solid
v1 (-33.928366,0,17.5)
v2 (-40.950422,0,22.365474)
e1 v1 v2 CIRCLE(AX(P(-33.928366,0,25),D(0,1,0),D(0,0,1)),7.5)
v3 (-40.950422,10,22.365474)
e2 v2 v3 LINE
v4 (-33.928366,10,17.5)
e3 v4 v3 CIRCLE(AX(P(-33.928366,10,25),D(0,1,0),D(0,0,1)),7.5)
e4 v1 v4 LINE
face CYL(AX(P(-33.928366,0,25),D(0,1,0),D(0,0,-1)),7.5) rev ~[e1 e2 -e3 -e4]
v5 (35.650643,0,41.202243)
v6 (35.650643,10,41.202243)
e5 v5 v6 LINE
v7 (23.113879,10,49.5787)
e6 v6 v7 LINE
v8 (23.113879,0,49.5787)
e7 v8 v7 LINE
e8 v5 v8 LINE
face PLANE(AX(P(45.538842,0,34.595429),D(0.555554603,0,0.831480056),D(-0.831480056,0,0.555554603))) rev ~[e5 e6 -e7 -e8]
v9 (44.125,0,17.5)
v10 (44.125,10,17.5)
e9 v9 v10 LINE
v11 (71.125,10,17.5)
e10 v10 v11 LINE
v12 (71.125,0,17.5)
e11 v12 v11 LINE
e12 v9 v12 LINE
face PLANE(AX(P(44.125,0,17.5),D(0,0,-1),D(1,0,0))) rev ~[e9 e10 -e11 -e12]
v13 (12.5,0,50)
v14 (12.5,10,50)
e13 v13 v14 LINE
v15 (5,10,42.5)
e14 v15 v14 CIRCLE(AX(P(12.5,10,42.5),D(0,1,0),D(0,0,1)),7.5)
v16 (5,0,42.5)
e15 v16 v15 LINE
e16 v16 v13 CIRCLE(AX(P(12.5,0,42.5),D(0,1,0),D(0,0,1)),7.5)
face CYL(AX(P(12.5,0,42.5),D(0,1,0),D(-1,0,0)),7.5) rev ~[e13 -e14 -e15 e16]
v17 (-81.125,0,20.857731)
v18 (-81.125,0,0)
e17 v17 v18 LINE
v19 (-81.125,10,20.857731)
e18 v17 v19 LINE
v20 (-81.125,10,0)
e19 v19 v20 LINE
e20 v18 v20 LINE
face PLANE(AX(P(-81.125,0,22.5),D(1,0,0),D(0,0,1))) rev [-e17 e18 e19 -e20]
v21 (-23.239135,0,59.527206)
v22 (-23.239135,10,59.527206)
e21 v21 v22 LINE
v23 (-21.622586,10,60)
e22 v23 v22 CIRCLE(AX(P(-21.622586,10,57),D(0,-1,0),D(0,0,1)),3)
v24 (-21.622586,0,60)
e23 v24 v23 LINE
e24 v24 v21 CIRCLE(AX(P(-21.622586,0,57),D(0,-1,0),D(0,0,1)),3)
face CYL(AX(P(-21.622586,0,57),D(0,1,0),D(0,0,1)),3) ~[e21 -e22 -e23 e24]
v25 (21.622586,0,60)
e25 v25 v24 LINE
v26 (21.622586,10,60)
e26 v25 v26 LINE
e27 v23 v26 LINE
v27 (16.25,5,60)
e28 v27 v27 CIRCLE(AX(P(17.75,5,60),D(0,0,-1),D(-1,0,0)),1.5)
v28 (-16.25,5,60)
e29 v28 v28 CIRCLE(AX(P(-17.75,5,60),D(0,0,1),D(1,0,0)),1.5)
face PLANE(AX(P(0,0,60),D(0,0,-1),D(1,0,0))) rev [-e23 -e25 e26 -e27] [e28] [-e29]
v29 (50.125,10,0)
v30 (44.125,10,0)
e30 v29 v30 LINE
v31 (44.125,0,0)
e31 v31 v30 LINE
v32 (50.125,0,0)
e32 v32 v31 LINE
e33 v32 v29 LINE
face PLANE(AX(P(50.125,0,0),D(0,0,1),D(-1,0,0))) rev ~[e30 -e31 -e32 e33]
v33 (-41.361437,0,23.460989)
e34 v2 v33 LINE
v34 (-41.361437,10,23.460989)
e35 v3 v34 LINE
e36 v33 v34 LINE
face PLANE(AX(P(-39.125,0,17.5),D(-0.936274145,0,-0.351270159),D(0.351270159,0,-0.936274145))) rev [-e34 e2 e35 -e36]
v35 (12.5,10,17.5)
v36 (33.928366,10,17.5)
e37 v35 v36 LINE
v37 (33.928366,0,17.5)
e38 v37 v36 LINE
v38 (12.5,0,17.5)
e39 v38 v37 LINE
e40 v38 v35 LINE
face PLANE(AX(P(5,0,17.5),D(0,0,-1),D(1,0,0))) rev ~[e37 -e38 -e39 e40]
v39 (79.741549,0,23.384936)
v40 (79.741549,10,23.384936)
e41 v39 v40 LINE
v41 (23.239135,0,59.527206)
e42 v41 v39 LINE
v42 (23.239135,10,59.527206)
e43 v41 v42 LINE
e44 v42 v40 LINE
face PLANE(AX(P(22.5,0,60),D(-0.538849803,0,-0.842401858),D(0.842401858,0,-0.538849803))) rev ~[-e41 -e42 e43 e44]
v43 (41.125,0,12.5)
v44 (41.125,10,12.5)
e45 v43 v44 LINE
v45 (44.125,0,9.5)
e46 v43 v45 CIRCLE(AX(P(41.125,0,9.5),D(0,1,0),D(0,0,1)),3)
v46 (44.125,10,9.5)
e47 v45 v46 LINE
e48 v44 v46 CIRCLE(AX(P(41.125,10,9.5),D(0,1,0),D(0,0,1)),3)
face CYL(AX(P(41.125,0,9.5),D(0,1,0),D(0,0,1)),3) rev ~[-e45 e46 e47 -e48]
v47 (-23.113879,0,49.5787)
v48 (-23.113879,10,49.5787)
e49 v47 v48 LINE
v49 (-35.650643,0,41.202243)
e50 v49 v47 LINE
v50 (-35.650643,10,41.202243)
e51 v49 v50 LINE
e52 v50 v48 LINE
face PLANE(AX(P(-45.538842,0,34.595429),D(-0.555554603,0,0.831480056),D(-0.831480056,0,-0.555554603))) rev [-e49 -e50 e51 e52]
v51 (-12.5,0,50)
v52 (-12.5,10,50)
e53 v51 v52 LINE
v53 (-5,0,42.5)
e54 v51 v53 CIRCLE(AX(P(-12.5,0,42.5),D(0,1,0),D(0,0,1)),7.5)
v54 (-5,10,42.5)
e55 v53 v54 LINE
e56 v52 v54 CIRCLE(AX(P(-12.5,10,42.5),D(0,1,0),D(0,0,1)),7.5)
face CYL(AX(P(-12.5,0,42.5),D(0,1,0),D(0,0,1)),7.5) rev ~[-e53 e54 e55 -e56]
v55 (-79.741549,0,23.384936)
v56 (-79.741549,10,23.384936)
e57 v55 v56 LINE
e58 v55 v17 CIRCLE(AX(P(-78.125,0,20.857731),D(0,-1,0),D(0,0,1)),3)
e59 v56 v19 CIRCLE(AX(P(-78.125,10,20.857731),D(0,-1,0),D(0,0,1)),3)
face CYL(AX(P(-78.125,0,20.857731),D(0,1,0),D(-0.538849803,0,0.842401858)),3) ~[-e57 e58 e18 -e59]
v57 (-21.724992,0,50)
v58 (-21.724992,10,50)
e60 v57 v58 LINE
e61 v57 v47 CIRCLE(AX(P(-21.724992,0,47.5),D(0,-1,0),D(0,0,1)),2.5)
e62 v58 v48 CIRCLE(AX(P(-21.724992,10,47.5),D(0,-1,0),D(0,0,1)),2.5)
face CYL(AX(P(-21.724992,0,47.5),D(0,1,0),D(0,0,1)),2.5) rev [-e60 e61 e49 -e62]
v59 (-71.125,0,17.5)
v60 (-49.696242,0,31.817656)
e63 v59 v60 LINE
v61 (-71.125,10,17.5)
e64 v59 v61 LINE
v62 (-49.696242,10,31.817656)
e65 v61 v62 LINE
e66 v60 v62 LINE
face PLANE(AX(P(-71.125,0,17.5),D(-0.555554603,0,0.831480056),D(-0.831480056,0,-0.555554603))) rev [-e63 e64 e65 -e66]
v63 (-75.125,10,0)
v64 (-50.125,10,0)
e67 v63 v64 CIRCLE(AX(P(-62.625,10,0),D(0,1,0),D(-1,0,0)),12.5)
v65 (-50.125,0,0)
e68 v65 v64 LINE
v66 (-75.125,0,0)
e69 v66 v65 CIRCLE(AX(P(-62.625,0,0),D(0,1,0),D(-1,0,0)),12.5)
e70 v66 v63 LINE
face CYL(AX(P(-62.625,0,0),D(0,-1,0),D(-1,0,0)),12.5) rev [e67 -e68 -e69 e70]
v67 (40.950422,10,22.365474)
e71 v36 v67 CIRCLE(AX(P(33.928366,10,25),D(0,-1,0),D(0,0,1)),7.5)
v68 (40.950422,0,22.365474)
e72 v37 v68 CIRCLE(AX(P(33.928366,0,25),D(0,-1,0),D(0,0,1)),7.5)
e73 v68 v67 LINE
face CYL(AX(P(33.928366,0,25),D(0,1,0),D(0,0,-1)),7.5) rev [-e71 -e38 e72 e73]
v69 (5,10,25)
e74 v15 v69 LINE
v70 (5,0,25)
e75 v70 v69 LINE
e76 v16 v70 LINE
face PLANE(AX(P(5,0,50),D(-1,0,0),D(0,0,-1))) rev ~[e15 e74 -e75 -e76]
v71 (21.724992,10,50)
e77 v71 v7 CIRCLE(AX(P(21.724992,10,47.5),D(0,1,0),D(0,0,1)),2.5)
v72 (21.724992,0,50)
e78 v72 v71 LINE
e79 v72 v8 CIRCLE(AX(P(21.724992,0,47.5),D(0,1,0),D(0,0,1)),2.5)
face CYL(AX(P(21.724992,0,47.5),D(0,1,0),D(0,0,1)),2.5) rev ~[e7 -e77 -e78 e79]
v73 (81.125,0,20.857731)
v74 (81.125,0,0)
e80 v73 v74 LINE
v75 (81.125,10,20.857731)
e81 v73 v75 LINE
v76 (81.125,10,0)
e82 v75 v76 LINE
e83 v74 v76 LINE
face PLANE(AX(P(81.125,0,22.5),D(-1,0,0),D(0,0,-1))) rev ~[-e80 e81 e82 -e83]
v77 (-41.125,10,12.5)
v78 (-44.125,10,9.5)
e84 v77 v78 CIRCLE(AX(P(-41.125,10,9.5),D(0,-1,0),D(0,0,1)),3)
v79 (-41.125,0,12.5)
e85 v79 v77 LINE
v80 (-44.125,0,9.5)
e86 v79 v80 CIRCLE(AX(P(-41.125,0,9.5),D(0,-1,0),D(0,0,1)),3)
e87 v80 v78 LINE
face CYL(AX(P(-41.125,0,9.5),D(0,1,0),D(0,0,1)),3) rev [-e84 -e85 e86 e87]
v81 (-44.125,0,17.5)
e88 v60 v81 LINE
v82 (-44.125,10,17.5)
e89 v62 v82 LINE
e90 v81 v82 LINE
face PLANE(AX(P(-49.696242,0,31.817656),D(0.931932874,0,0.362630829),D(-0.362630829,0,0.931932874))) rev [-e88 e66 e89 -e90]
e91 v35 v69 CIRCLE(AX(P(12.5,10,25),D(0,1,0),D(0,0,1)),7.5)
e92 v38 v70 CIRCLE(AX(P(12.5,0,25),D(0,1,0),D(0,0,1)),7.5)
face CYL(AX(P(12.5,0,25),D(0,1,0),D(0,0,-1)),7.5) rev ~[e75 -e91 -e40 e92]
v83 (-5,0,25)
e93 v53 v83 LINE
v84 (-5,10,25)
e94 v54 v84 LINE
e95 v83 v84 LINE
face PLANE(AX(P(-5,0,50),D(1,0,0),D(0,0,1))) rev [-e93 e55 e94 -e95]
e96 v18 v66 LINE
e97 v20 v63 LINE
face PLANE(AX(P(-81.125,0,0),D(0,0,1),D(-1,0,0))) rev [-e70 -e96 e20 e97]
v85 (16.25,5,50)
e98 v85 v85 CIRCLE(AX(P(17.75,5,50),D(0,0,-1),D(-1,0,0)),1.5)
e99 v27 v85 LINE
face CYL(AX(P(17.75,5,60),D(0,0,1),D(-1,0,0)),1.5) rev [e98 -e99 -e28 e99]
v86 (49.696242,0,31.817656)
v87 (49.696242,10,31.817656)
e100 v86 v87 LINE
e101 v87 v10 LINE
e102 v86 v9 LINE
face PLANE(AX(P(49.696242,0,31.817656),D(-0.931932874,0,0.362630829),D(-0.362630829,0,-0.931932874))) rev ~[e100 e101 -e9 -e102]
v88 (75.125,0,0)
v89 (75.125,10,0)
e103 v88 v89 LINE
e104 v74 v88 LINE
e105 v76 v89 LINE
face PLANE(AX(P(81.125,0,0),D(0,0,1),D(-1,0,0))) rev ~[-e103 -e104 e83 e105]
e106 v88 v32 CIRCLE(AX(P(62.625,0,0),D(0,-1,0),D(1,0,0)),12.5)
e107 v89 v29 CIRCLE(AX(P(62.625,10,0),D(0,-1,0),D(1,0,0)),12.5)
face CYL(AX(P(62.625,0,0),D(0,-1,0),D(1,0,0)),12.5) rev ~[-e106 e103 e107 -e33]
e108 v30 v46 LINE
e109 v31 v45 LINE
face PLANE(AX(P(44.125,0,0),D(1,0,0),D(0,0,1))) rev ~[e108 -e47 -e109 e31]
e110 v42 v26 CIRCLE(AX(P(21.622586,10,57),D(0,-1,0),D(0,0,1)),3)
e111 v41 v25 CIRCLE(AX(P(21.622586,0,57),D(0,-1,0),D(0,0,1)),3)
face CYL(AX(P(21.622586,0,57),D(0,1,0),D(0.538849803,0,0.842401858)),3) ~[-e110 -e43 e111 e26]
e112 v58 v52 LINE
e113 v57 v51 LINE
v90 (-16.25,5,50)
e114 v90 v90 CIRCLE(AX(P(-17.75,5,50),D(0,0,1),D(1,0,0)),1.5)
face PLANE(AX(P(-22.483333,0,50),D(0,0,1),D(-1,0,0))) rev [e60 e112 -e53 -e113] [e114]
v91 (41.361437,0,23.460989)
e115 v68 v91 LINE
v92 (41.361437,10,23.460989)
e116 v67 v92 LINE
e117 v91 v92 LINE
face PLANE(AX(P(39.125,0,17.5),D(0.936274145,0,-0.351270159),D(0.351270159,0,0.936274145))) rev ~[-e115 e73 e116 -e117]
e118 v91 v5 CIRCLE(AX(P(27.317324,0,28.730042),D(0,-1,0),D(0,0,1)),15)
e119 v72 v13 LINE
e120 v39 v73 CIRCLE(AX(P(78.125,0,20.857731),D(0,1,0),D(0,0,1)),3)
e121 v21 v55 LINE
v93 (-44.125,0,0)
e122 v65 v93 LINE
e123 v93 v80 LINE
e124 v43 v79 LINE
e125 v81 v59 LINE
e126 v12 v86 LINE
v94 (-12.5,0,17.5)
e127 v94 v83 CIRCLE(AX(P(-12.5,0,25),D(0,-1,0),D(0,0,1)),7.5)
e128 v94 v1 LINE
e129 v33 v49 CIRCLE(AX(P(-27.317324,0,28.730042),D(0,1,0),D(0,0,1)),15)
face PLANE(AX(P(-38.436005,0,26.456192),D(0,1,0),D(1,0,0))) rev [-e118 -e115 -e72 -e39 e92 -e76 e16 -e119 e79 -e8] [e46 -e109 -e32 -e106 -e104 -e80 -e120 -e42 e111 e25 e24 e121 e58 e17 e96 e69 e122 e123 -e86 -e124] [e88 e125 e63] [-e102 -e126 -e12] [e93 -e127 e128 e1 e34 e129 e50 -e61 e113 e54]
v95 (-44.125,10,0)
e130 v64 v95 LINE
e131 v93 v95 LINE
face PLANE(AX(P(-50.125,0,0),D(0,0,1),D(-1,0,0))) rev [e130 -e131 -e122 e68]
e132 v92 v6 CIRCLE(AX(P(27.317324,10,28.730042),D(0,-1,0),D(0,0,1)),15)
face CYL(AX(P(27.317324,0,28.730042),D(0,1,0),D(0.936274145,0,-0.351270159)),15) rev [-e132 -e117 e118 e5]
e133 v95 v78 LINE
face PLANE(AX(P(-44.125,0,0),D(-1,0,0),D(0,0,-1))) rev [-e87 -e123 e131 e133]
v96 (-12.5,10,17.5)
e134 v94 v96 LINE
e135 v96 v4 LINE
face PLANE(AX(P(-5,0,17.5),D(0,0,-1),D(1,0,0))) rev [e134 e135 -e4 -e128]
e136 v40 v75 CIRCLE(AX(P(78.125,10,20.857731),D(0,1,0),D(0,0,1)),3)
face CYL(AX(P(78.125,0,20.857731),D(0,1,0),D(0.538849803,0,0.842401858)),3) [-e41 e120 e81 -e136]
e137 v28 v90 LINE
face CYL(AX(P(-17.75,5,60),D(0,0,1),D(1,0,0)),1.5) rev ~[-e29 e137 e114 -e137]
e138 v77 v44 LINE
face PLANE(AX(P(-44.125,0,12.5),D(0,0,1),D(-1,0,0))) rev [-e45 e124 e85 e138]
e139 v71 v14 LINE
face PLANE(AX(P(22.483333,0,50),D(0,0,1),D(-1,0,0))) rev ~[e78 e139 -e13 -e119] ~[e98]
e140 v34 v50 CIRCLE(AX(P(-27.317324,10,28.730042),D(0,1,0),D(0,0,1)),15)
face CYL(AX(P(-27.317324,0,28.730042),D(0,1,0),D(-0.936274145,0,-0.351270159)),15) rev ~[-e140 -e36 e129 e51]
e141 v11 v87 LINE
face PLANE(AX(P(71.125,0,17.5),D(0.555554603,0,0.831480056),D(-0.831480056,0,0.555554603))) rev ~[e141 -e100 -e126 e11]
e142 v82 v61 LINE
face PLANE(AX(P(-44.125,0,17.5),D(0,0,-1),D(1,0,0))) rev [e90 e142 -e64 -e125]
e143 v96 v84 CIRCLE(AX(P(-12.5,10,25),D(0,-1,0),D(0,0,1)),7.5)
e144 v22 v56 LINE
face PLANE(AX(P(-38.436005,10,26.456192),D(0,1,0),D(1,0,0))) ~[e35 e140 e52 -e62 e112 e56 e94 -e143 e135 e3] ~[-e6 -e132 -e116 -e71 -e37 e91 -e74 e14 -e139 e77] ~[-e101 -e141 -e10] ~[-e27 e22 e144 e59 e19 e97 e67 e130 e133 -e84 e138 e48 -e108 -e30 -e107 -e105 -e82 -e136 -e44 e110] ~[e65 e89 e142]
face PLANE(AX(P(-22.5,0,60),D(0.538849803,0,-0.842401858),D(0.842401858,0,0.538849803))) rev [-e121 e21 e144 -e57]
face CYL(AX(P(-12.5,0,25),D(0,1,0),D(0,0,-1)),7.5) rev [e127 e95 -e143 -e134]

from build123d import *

# Parameters (mm, degrees)
BOSS_EXTRUDE1_DEPTH = 10
CUT_EXTRUDE5_REACH  = 103.397
SKETCH9_R           = 1.5
FILLET13_R          = 7.5
FILLET14_R          = 15
FILLET16_R          = 7.5
FILLET18_R          = 7.5
FILLET19_R          = 7.5
FILLET22_R          = 3
FILLET23_R          = 3
FILLET24_R          = 15
FILLET28_R          = 3
FILLET29_R          = 3
FILLET30_R          = 3
FILLET31_R          = 3
FILLET32_R          = 7.5
FILLET34_R          = 7.5
FILLET35_R          = 2.5
FILLET36_R          = 2.5


with BuildPart() as part:
    # Sketch1 → Boss-Extrude1 (new body)
    with BuildSketch(Plane(origin=(0, 0, 0), x_dir=(1, 0, 0), z_dir=(0, 1, 0))):
        with BuildLine():
            Line((0, -12.5), (0, -60))
            Line((0, -60), (22.5, -60))
            Line((22.5, -60), (81.125, -22.5))
            Line((81.125, -22.5), (81.125, 0))
            Line((81.125, 0), (75.125, 0))
            ThreePointArc((75.125, 0), (62.625, -12.5), (50.125, 0))
            Line((50.125, 0), (44.125, 0))
            Line((44.125, 0), (44.125, -12.5))
            Line((44.125, -12.5), (0, -12.5))
        make_face()
        Polygon((39.125, -17.5), (45.538841531, -34.595428821), (22.483333333, -50), (5, -50), (5, -17.5), align=None, mode=Mode.SUBTRACT)
        Polygon((71.125, -17.5), (49.69624181, -31.817655806), (44.125, -17.5), align=None, mode=Mode.SUBTRACT)
    boss_extrude1 = extrude(amount=BOSS_EXTRUDE1_DEPTH)

    # Mirror1: Boss-Extrude1 across plane
    add(boss_extrude1.mirror(Plane(origin=(0, 10, 0), x_dir=(0, 0, 1), z_dir=(-1, 0, 0))))

    # Sketch9 → Cut-Extrude5 (cut, up to next)
    with BuildSketch(Plane.XY.offset(60), mode=Mode.PRIVATE) as cut_extrude5_sk1:
        with Locations((-17.75, 5)):
            Circle(SKETCH9_R)
    cut_extrude5_tool1 = extrude(cut_extrude5_sk1.sketch, amount=-CUT_EXTRUDE5_REACH, mode=Mode.PRIVATE) & part.part
    cut_extrude5 = cut_extrude5_tool1.solids().sort_by_distance((-17.75, 5, 60))[0]
    add(cut_extrude5, mode=Mode.SUBTRACT)

    # Mirror2: Cut-Extrude5 across plane
    add(cut_extrude5.mirror(Plane(origin=(0, 0, 0), x_dir=(0, 0, 1), z_dir=(1, 0, 0))), mode=Mode.SUBTRACT)

    # Fillet13
    fillet13_edges = [part.edges().sort_by_distance(p)[0] for p in [
        (39.125, 5, 17.5),
    ]]
    fillet(fillet13_edges, radius=FILLET13_R)

    # Fillet14
    fillet14_edges = [part.edges().sort_by_distance(p)[0] for p in [
        (45.538841531, 5, 34.595428821),
    ]]
    fillet(fillet14_edges, radius=FILLET14_R)

    # Fillet16
    fillet16_edges = [part.edges().sort_by_distance(p)[0] for p in [
        (5, 5, 17.5),
    ]]
    fillet(fillet16_edges, radius=FILLET16_R)

    # Fillet18
    fillet18_edges = [part.edges().sort_by_distance(p)[0] for p in [
        (-5, 5, 17.5),
    ]]
    fillet(fillet18_edges, radius=FILLET18_R)

    # Fillet19
    fillet19_edges = [part.edges().sort_by_distance(p)[0] for p in [
        (-39.125, 5, 17.5),
    ]]
    fillet(fillet19_edges, radius=FILLET19_R)

    # Fillet22
    fillet22_edges = [part.edges().sort_by_distance(p)[0] for p in [
        (44.125, 5, 12.5),
    ]]
    fillet(fillet22_edges, radius=FILLET22_R)

    # Fillet23
    fillet23_edges = [part.edges().sort_by_distance(p)[0] for p in [
        (-44.125, 5, 12.5),
    ]]
    fillet(fillet23_edges, radius=FILLET23_R)

    # Fillet24
    fillet24_edges = [part.edges().sort_by_distance(p)[0] for p in [
        (-45.538841531, 5, 34.595428821),
    ]]
    fillet(fillet24_edges, radius=FILLET24_R)

    # Fillet28
    fillet28_edges = [part.edges().sort_by_distance(p)[0] for p in [
        (22.5, 5, 60),
    ]]
    fillet(fillet28_edges, radius=FILLET28_R)

    # Fillet29
    fillet29_edges = [part.edges().sort_by_distance(p)[0] for p in [
        (-22.5, 5, 60),
    ]]
    fillet(fillet29_edges, radius=FILLET29_R)

    # Fillet30
    fillet30_edges = [part.edges().sort_by_distance(p)[0] for p in [
        (81.125, 5, 22.5),
    ]]
    fillet(fillet30_edges, radius=FILLET30_R)

    # Fillet31
    fillet31_edges = [part.edges().sort_by_distance(p)[0] for p in [
        (-81.125, 5, 22.5),
    ]]
    fillet(fillet31_edges, radius=FILLET31_R)

    # Fillet32
    fillet32_edges = [part.edges().sort_by_distance(p)[0] for p in [
        (-5, 5, 50),
    ]]
    fillet(fillet32_edges, radius=FILLET32_R)

    # Fillet34
    fillet34_edges = [part.edges().sort_by_distance(p)[0] for p in [
        (5, 5, 50),
    ]]
    fillet(fillet34_edges, radius=FILLET34_R)

    # Fillet35
    fillet35_edges = [part.edges().sort_by_distance(p)[0] for p in [
        (-22.483333333, 5, 50),
    ]]
    fillet(fillet35_edges, radius=FILLET35_R)

    # Fillet36
    fillet36_edges = [part.edges().sort_by_distance(p)[0] for p in [
        (22.483333333, 5, 50),
    ]]
    fillet(fillet36_edges, radius=FILLET36_R)


solid = part.part
